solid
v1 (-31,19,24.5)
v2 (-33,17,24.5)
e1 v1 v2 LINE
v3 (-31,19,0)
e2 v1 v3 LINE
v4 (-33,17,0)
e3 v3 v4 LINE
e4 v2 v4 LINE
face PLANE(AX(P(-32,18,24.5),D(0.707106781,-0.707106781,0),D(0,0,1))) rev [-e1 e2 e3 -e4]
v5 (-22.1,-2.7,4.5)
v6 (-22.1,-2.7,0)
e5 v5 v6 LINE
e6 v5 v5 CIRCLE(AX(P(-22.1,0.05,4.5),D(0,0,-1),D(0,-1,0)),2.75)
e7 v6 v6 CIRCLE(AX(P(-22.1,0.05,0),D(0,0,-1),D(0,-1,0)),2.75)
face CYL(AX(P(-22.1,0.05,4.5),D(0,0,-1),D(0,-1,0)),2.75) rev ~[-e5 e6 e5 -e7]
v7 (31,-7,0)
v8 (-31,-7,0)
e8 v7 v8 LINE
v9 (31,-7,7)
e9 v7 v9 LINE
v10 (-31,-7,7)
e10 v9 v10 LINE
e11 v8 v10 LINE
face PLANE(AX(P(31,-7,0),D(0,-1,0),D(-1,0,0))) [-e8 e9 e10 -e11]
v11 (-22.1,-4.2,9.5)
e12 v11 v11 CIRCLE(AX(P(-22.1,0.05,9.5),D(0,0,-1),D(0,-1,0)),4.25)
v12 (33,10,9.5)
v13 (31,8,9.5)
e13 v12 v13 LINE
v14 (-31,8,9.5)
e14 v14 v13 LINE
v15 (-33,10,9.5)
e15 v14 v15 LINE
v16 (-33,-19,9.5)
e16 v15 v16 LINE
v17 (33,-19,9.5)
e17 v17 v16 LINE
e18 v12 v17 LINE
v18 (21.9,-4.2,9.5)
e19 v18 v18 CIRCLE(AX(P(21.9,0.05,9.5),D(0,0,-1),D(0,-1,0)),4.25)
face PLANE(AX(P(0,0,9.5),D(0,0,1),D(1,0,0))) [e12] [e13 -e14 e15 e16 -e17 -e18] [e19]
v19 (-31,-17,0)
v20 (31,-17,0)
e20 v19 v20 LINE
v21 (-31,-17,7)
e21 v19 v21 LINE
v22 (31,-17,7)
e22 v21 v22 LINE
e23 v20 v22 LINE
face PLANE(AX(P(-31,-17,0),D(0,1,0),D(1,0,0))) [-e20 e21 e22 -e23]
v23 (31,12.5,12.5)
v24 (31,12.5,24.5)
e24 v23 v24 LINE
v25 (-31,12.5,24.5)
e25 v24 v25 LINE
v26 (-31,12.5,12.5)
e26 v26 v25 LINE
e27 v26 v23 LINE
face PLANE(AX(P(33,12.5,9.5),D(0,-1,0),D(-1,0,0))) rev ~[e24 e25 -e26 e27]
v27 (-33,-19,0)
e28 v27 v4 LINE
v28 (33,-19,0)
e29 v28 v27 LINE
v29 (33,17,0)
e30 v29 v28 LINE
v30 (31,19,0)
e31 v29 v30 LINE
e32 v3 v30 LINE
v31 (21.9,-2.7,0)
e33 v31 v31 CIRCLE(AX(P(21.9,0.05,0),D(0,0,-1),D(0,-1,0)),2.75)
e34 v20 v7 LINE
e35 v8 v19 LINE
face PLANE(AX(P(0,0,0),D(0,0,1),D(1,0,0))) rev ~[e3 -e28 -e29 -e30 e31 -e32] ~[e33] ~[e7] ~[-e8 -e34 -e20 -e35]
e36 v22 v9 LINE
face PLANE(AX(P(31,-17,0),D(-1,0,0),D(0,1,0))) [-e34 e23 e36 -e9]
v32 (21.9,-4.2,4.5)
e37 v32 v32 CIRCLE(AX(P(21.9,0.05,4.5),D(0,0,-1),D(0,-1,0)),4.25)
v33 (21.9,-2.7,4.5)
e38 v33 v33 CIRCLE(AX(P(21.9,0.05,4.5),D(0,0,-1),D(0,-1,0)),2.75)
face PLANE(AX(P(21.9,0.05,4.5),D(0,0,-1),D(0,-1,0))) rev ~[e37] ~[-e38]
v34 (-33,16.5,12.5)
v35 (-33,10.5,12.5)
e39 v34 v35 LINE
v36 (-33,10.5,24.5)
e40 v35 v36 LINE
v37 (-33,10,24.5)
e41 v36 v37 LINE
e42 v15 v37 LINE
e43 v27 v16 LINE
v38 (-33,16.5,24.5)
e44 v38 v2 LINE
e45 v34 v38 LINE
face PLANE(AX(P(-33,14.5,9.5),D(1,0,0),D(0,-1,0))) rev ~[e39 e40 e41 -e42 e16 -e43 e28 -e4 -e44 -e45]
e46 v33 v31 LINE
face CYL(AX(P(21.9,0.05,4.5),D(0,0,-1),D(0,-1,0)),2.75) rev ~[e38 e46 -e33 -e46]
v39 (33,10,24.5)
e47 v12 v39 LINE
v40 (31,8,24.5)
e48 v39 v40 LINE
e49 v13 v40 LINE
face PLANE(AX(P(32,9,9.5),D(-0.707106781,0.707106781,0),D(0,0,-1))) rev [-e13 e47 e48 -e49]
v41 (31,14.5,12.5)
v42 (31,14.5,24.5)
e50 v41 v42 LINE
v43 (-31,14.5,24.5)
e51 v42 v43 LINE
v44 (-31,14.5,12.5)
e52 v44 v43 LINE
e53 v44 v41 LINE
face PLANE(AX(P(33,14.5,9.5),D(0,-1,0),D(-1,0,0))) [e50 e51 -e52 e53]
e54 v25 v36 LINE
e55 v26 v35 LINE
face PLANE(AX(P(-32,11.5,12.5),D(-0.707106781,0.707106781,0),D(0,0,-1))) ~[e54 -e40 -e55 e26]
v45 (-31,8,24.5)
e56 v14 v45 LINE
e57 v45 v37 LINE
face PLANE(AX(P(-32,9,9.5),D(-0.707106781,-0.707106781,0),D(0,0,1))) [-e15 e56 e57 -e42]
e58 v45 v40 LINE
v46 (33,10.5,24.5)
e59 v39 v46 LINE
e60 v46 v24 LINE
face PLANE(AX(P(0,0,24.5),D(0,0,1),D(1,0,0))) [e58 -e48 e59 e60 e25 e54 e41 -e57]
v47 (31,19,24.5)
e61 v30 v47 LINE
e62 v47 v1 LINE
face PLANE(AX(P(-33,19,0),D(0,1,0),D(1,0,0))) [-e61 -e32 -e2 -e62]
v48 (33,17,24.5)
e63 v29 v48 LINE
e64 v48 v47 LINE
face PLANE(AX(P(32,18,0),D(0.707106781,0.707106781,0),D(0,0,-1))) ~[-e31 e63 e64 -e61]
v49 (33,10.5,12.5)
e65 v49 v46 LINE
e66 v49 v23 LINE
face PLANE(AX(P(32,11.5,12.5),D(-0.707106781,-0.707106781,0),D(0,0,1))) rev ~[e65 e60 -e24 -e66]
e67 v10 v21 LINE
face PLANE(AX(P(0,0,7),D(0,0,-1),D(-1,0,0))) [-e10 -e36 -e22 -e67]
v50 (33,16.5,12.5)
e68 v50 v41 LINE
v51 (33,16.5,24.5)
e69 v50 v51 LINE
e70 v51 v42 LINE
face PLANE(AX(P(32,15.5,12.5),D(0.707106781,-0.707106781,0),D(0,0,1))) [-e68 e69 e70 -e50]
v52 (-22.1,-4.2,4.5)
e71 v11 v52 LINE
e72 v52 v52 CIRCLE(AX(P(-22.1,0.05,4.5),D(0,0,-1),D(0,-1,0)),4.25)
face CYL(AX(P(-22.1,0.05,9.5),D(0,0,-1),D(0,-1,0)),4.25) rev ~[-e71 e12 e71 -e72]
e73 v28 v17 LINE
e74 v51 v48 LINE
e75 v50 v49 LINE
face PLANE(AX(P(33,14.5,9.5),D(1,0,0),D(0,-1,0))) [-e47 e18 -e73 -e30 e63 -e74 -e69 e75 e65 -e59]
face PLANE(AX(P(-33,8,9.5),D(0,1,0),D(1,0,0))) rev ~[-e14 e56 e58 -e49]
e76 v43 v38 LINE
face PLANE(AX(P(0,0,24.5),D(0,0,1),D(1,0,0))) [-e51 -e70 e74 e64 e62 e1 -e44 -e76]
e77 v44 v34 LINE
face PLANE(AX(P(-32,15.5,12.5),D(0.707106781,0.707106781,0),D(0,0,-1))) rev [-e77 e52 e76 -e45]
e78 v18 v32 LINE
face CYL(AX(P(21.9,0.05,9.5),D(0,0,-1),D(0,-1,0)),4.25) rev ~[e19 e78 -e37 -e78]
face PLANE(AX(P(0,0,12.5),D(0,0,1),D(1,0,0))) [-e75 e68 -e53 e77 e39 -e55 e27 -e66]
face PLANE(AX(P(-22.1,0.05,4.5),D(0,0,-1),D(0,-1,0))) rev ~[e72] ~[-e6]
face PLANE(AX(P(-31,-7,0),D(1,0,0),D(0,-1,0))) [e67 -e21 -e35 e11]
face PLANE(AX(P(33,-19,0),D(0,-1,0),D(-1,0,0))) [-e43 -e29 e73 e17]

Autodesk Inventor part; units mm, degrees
ref_plane "YZ Plane" through (0, 0, 0) normal (1, 0, 0) x (0, 1, 0)
ref_plane "XZ Plane" through (0, 0, 0) normal (0, 1, 0) x (-1, 0, 0)
ref_plane "XY Plane" through (0, 0, 0) normal (0, 0, 1) x (1, 0, 0)
sketch "Sketch1" plane through (0, 0, 0) normal (0, 0, 1) x (1, 0, 0)
  line L0 (33, -19) -> (-33, -19)
  line L1 (-33, -19) -> (-33, 19)
  line L2 (-33, 19) -> (33, 19)
  line L3 (33, 19) -> (33, -19)
  line L4 (33, -19) -> (-33, 19) construction
  line L5 (-33, -19) -> (33, 19) construction
  point P0 (0, 0)
  dimension "d0" = 66
  dimension "d1" = 38
extrude "Extrusion1" add sketch "Sketch1" along normal blind 9.5
sketch "Sketch2" plane through (0, 0, 0) normal (0, 0, -1) x (-1, 0, 0)
  line L0 (-31, -7) -> (31, -7)
  line L1 (31, -7) -> (31, -17)
  line L2 (31, -17) -> (-31, -17)
  line L3 (-31, -17) -> (-31, -7)
  line L4 (33, 19) -> (33, -19) projected
  line L5 (-33, -19) -> (-33, 19) construction
  line L6 (33, 19) -> (33, -19) construction
  line L7 (33, -19) -> (-33, -19) construction
  point P0 (0, 0)
  point P1 (0, -7)
  dimension "d4" = 2
  dimension "d5" = 2
  dimension "d6" = 12
extrude "Extrusion2" cut sketch "Sketch2" against normal blind 7
sketch "Sketch3" plane through (0, 0, 9.5) normal (0, 0, 1) x (1, 0, 0)
  line L0 (33, -19) -> (33, 19) projected
  line L1 (-33, 19) -> (33, 19) construction
  line L2 (33, 19) -> (33, 8) construction
  line L3 (33, 8) -> (-33, 8) construction
  line L4 (-33, 8) -> (-33, 19) construction
  line L5 (-33, -19) -> (33, -19) projected
  line L6 (-33, 8) -> (33, 8)
  line L7 (33, 8) -> (33, 12.5)
  line L8 (33, 12.5) -> (-33, 12.5)
  line L9 (-33, 12.5) -> (-33, 8)
  line L10 (33, 19) -> (-33, 19) projected
  line L11 (-33, 19) -> (33, 19)
  line L12 (33, 19) -> (33, 14.5)
  line L13 (33, 14.5) -> (-33, 14.5)
  line L14 (-33, 14.5) -> (-33, 19)
  point P0 (0, 0)
  dimension "d9" = 27
  dimension "d10" = 2
  dimension "d11" = 4.5
extrude "Extrusion3" add sketch "Sketch3" along normal blind 15
sketch "Sketch4" plane through (0, 0, 9.5) normal (0, 0, 1) x (1, 0, 0)
  line L0 (-33, 14.5) -> (-33, 12.5) projected
  line L1 (-33, 12.5) -> (33, 12.5) projected
  line L2 (-33, 14.5) -> (33, 14.5)
  line L3 (33, 14.5) -> (33, 12.5)
  line L4 (33, 12.5) -> (-33, 12.5)
  line L5 (-33, 12.5) -> (-33, 14.5)
  point P0 (0, 0)
extrude "Extrusion4" add sketch "Sketch4" along normal blind 3
chamfer "Chamfer1" distance 2 angle 45 8 edges at (33, 12.5, 18.5) (33, 8, 17) (-33, 12.5, 18.5) (-33, 8, 17) (-33, 19, 12.25) (-33, 14.5, 18.5) (33, 14.5, 18.5) (33, 19, 12.25)
sketch "Sketch5" plane through (0, 0, 9.5) normal (0, 0, 1) x (1, 0, 0)
  circle A0 centre (-22.1, 0.05) radius 5.5
  circle A1 centre (21.9, 0.05) radius 5.5
  line L0 (33, -19) -> (33, 10) projected
  line L1 (-33, -19) -> (33, -19) projected
  point P0 (0, 0)
  dimension "d19" = 11
  dimension "d20" = 11
  dimension "d21" = 44
  dimension "d22" = 11.1
  dimension "d23" = 19.05
hole "Hole1" at (-22.1, 0.05, 9.5) at (21.9, 0.05, 9.5) direction (0, 0, -1) diameter 5.5 end through all counterbore diameter 8.5 counterbore depth 5
equation "\"d11\" = -0.5 * d10 + 0.5 * d1 - 0.5 * d9"
equation "\"d20\" = d19"
properties part number "Floor_support_dammy"
